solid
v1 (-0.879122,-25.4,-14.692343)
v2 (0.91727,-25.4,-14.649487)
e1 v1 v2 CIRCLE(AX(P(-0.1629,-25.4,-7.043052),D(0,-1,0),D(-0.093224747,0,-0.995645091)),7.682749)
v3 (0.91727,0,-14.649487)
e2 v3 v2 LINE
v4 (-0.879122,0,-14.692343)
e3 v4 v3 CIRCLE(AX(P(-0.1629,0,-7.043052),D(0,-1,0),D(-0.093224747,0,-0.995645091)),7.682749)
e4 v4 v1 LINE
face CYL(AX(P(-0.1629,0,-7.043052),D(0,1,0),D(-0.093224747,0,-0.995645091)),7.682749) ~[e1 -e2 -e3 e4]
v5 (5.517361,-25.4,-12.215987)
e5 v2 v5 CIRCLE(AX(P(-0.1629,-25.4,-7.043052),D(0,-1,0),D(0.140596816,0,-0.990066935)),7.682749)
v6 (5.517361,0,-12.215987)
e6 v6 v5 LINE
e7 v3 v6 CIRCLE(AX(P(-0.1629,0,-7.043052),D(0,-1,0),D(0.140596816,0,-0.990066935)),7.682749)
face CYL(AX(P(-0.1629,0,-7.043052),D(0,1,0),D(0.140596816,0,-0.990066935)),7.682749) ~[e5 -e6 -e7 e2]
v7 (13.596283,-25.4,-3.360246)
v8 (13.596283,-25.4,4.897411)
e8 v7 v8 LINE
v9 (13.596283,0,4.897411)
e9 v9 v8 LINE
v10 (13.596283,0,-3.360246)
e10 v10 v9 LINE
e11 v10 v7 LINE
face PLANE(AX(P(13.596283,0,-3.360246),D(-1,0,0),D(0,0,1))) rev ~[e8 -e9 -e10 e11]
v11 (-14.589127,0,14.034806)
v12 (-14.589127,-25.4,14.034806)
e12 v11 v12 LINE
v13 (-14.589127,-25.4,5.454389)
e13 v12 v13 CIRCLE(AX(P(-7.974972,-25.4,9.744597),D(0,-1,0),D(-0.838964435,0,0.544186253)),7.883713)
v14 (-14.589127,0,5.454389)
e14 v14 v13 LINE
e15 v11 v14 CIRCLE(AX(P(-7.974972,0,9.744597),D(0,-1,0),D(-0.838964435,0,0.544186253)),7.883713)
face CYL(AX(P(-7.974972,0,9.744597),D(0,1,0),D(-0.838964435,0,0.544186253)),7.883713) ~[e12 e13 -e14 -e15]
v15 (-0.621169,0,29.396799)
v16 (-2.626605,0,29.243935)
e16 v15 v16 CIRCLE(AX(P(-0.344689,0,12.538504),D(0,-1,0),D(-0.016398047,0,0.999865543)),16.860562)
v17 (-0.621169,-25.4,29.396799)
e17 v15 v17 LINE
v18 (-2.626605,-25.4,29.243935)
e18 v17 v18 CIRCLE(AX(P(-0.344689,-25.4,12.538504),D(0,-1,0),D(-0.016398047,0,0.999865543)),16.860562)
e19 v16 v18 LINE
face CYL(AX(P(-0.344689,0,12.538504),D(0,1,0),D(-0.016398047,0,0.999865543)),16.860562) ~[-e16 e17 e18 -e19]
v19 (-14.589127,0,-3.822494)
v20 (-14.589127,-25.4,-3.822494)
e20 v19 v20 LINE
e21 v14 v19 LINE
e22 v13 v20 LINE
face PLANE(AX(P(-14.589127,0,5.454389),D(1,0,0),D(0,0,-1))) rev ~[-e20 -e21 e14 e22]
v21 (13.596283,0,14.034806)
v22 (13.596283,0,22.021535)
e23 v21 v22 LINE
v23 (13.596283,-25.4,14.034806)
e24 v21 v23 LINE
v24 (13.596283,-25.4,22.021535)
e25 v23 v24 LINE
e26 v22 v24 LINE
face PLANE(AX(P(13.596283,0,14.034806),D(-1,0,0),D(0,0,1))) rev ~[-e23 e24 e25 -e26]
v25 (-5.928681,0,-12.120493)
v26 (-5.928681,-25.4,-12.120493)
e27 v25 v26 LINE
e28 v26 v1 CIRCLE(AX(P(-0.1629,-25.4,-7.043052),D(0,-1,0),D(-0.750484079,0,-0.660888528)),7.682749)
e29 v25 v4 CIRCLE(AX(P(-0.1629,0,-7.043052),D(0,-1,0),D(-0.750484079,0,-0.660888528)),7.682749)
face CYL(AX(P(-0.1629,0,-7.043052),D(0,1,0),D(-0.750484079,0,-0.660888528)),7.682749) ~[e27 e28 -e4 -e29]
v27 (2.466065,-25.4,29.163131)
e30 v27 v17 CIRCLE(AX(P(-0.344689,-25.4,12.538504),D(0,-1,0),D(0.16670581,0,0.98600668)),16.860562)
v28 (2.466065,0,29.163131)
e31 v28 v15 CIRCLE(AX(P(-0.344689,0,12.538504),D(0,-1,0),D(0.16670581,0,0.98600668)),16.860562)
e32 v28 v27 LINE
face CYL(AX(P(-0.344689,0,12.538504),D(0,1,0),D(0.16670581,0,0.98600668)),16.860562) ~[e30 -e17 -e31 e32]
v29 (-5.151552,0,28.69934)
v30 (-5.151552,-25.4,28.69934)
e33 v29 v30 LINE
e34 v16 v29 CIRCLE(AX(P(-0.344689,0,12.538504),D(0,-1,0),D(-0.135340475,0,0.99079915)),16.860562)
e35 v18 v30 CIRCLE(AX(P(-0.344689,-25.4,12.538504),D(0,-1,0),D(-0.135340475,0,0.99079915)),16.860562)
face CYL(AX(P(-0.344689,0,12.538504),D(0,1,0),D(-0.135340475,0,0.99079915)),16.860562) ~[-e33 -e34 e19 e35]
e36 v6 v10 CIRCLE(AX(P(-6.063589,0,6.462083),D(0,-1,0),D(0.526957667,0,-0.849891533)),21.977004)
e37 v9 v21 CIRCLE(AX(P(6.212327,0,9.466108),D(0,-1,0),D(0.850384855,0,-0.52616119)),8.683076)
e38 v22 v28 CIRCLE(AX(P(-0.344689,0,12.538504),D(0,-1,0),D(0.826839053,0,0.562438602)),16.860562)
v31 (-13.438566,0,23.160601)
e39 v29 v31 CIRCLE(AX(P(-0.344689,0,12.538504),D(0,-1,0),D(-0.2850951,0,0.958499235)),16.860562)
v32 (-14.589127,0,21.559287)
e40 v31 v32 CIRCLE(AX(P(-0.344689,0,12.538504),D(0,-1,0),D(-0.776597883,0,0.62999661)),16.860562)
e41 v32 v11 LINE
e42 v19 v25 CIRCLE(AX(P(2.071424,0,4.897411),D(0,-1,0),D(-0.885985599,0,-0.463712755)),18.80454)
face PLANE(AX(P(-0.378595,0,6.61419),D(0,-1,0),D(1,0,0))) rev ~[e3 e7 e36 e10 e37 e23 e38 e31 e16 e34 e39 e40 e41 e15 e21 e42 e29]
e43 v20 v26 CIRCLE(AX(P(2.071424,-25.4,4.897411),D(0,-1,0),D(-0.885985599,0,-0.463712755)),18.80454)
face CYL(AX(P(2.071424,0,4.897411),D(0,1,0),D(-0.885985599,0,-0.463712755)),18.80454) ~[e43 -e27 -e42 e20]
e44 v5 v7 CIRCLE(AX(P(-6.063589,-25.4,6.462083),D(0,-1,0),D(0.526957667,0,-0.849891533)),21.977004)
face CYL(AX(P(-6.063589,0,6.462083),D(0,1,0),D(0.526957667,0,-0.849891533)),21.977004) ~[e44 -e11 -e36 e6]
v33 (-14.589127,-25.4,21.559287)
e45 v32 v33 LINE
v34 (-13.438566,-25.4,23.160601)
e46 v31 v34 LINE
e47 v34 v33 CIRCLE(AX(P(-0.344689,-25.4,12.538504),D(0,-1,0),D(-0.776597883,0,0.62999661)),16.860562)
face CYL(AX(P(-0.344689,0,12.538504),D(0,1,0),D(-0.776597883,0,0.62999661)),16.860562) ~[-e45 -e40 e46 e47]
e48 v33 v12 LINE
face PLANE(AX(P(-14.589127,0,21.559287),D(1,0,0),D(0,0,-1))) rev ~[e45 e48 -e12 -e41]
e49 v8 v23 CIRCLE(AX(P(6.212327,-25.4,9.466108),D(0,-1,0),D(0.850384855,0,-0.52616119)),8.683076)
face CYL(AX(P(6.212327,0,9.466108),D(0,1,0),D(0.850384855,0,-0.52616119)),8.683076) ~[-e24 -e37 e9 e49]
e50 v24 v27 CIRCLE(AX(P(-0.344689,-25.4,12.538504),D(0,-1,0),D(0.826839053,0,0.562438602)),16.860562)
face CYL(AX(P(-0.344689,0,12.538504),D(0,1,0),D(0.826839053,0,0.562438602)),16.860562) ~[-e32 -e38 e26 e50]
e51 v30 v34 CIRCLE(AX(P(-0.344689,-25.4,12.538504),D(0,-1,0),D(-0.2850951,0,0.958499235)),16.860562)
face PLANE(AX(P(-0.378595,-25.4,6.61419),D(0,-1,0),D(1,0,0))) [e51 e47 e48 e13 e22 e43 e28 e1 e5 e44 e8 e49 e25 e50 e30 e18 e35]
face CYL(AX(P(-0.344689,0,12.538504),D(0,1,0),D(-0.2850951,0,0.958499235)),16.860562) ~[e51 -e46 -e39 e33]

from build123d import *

# Parameters (mm, degrees)
F0_R     = 2.5545771164
F1_DEPTH = 25.4


with BuildPart() as f1:
    # F0 (on Front) → F1 (new body)
    with BuildSketch(Plane.XZ):
        with BuildLine():
            ThreePointArc((5.5173615, -12.2159869029), (10.1722749208, -8.349582263), (13.5962825941, -3.3602461101))
            Line((13.5962825941, -3.3602461101), (13.5962825941, 4.8974110327))
            Line((13.5962825941, 4.8974110327), (13.5962825941, 14.0348058194))
            Line((13.5962825941, 14.0348058194), (13.5962825941, 22.0215348944))
            ThreePointArc((13.5962825941, 22.0215348944), (7.0004948303, 23.9860138876), (2.4660649804, 29.163130834))
            ThreePointArc((2.4660649804, 29.163130834), (0.9278228298, 29.3509775836), (-0.6211690061, 29.3967990577))
            ThreePointArc((-0.6211690061, 29.3967990577), (-6.7674815186, 23.985159586), (-14.5891272378, 21.5592870597))
            Line((-14.5891272378, 21.5592870597), (-14.5891272378, 14.0348058194))
            Line((-14.5891272378, 14.0348058194), (-14.5891272378, 5.4543889128))
            Line((-14.5891272378, 5.4543889128), (-14.5891272378, -3.8224939448))
            ThreePointArc((-14.5891272378, -3.8224939448), (-10.9382332049, -8.6804949763), (-5.9286805309, -12.1204925444))
            ThreePointArc((-5.9286805309, -12.1204925444), (-3.6496885116, -13.8889948714), (-0.8791223551, -14.6923430381))
            Line((-0.8791223551, -14.6923430381), (-1.524235704, -12.442663312))
            Line((-1.524235704, -12.442663312), (-0.8053276106, -12.442663312))
            Line((-0.8053276106, -12.442663312), (1.6964728711, -12.442663312))
            Line((1.6964728711, -12.442663312), (0.9172699194, -14.6494874696))
            ThreePointArc((0.9172699194, -14.6494874696), (3.4296394179, -13.8340966584), (5.5173615, -12.2159869029))
        make_face()
        with BuildLine():
            ThreePointArc((4.1042999377, -5.4248327223), (-0.1629000623, -7.0430521679), (-4.4301000623, -5.4248327223))
            ThreePointArc((-4.4301000623, -5.4248327223), (-0.1629000623, -4.7424848144), (4.1042999377, -5.4248327223))
        make_face(mode=Mode.SUBTRACT)
        with BuildLine():
            ThreePointArc((-5.5468901992, -5.0085484982), (-0.1374995827, -3.3742803628), (5.2100941539, -5.2006375045))
            ThreePointArc((5.2100941539, -5.2006375045), (-0.1549943991, -4.3539900851), (-5.5468901992, -5.0085484982))
        make_face(mode=Mode.SUBTRACT)
        with BuildLine():
            Line((-1.1811126024, 3.6468864419), (0, 8.5498616099))
            Line((0, 8.5498616099), (0.9875110118, 3.6468864419))
            ThreePointArc((0.9875110118, 3.6468864419), (-0.0968007953, 3.4477826759), (-1.1811126024, 3.6468864419))
        make_face(mode=Mode.SUBTRACT)
        with Locations((-5.9286805309, 12.5275942676)):
            Circle(F0_R, mode=Mode.SUBTRACT)
        with Locations((5.2393031111, 12.5385038482)):
            Circle(F0_R, mode=Mode.SUBTRACT)
        with Locations((-5.9286805309, 12.5275942676)):
            Circle(F0_R)
        with Locations((5.2393031111, 12.5385038482)):
            Circle(F0_R)
        with BuildLine():
            ThreePointArc((-14.5891272378, 21.5592870597), (-8.0233624944, 24.4917266981), (-2.6266052104, 29.2439345762))
            ThreePointArc((-2.6266052104, 29.2439345762), (-3.8995230158, 29.0200605642), (-5.1515523835, 28.6993398522))
            ThreePointArc((-5.1515523835, 28.6993398522), (-9.00952741, 25.5027604596), (-13.4385656433, 23.1606008906))
            ThreePointArc((-13.4385656433, 23.1606008906), (-14.0372751917, 22.3767777904), (-14.5891272378, 21.5592870597))
        make_face()
        with BuildLine():
            ThreePointArc((-14.5891272378, 21.5592870597), (-6.7674815186, 23.985159586), (-0.6211690061, 29.3967990577))
            ThreePointArc((-0.6211690061, 29.3967990577), (-1.6261684912, 29.3502963848), (-2.6266052104, 29.2439345762))
            ThreePointArc((-2.6266052104, 29.2439345762), (-8.0233624944, 24.4917266981), (-14.5891272378, 21.5592870597))
        make_face()
        with BuildLine():
            ThreePointArc((4.1042999377, -5.4248327223), (-0.1629000623, -4.7424848144), (-4.4301000623, -5.4248327223))
            ThreePointArc((-4.4301000623, -5.4248327223), (-0.1629000623, -7.0430521679), (4.1042999377, -5.4248327223))
        make_face()
        with BuildLine():
            ThreePointArc((2.4660649804, 29.163130834), (8.0510188895, 25.6232615682), (13.5962825941, 22.0215348944))
            ThreePointArc((13.5962825941, 22.0215348944), (8.7605664052, 26.7290953796), (2.4660649804, 29.163130834))
        make_face()
        with BuildLine():
            ThreePointArc((2.4660649804, 29.163130834), (7.5150761888, 24.7879918416), (13.5962825941, 22.0215348944))
            ThreePointArc((13.5962825941, 22.0215348944), (8.0510188895, 25.6232615682), (2.4660649804, 29.163130834))
        make_face()
        with BuildLine():
            ThreePointArc((2.4660649804, 29.163130834), (7.0004948303, 23.9860138876), (13.5962825941, 22.0215348944))
            ThreePointArc((13.5962825941, 22.0215348944), (7.5150761888, 24.7879918416), (2.4660649804, 29.163130834))
        make_face()
        with BuildLine():
            ThreePointArc((-13.4385656433, 23.1606008906), (-9.00952741, 25.5027604596), (-5.1515523835, 28.6993398522))
            ThreePointArc((-5.1515523835, 28.6993398522), (-9.7137087169, 26.5563504315), (-13.4385656433, 23.1606008906))
        make_face()
        with BuildLine():
            Line((13.5962825941, 14.0348058194), (13.5962825941, 4.8974110327))
            ThreePointArc((13.5962825941, 4.8974110327), (14.8954022083, 9.4661084261), (13.5962825941, 14.0348058194))
        make_face()
        with BuildLine():
            ThreePointArc((-14.5891272378, 14.0348058194), (-15.8586854832, 9.7445973661), (-14.5891272378, 5.4543889128))
            Line((-14.5891272378, 5.4543889128), (-14.5891272378, 14.0348058194))
        make_face()
        with BuildLine():
            ThreePointArc((-5.5468901992, -5.0085484982), (-0.1549943991, -4.3539900851), (5.2100941539, -5.2006375045))
            ThreePointArc((5.2100941539, -5.2006375045), (-0.1374995827, -3.3742803628), (-5.5468901992, -5.0085484982))
        make_face()
        with BuildLine():
            Line((0.9875110118, 3.6468864419), (0, 8.5498616099))
            Line((0, 8.5498616099), (-1.1811126024, 3.6468864419))
            ThreePointArc((-1.1811126024, 3.6468864419), (-0.0968007953, 3.4477826759), (0.9875110118, 3.6468864419))
        make_face()
        Polygon((-0.8791223551, -14.6923430381), (0.9172699194, -14.6494874696), (1.6964728711, -12.442663312), (-0.8053276106, -12.442663312), (-1.524235704, -12.442663312), align=None)
        with BuildLine():
            ThreePointArc((-0.8791223551, -14.6923430381), (0.0203310213, -14.7236153998), (0.9172699194, -14.6494874696))
            Line((0.9172699194, -14.6494874696), (-0.8791223551, -14.6923430381))
        make_face()
    extrude(amount=F1_DEPTH)


solid = f1.part
